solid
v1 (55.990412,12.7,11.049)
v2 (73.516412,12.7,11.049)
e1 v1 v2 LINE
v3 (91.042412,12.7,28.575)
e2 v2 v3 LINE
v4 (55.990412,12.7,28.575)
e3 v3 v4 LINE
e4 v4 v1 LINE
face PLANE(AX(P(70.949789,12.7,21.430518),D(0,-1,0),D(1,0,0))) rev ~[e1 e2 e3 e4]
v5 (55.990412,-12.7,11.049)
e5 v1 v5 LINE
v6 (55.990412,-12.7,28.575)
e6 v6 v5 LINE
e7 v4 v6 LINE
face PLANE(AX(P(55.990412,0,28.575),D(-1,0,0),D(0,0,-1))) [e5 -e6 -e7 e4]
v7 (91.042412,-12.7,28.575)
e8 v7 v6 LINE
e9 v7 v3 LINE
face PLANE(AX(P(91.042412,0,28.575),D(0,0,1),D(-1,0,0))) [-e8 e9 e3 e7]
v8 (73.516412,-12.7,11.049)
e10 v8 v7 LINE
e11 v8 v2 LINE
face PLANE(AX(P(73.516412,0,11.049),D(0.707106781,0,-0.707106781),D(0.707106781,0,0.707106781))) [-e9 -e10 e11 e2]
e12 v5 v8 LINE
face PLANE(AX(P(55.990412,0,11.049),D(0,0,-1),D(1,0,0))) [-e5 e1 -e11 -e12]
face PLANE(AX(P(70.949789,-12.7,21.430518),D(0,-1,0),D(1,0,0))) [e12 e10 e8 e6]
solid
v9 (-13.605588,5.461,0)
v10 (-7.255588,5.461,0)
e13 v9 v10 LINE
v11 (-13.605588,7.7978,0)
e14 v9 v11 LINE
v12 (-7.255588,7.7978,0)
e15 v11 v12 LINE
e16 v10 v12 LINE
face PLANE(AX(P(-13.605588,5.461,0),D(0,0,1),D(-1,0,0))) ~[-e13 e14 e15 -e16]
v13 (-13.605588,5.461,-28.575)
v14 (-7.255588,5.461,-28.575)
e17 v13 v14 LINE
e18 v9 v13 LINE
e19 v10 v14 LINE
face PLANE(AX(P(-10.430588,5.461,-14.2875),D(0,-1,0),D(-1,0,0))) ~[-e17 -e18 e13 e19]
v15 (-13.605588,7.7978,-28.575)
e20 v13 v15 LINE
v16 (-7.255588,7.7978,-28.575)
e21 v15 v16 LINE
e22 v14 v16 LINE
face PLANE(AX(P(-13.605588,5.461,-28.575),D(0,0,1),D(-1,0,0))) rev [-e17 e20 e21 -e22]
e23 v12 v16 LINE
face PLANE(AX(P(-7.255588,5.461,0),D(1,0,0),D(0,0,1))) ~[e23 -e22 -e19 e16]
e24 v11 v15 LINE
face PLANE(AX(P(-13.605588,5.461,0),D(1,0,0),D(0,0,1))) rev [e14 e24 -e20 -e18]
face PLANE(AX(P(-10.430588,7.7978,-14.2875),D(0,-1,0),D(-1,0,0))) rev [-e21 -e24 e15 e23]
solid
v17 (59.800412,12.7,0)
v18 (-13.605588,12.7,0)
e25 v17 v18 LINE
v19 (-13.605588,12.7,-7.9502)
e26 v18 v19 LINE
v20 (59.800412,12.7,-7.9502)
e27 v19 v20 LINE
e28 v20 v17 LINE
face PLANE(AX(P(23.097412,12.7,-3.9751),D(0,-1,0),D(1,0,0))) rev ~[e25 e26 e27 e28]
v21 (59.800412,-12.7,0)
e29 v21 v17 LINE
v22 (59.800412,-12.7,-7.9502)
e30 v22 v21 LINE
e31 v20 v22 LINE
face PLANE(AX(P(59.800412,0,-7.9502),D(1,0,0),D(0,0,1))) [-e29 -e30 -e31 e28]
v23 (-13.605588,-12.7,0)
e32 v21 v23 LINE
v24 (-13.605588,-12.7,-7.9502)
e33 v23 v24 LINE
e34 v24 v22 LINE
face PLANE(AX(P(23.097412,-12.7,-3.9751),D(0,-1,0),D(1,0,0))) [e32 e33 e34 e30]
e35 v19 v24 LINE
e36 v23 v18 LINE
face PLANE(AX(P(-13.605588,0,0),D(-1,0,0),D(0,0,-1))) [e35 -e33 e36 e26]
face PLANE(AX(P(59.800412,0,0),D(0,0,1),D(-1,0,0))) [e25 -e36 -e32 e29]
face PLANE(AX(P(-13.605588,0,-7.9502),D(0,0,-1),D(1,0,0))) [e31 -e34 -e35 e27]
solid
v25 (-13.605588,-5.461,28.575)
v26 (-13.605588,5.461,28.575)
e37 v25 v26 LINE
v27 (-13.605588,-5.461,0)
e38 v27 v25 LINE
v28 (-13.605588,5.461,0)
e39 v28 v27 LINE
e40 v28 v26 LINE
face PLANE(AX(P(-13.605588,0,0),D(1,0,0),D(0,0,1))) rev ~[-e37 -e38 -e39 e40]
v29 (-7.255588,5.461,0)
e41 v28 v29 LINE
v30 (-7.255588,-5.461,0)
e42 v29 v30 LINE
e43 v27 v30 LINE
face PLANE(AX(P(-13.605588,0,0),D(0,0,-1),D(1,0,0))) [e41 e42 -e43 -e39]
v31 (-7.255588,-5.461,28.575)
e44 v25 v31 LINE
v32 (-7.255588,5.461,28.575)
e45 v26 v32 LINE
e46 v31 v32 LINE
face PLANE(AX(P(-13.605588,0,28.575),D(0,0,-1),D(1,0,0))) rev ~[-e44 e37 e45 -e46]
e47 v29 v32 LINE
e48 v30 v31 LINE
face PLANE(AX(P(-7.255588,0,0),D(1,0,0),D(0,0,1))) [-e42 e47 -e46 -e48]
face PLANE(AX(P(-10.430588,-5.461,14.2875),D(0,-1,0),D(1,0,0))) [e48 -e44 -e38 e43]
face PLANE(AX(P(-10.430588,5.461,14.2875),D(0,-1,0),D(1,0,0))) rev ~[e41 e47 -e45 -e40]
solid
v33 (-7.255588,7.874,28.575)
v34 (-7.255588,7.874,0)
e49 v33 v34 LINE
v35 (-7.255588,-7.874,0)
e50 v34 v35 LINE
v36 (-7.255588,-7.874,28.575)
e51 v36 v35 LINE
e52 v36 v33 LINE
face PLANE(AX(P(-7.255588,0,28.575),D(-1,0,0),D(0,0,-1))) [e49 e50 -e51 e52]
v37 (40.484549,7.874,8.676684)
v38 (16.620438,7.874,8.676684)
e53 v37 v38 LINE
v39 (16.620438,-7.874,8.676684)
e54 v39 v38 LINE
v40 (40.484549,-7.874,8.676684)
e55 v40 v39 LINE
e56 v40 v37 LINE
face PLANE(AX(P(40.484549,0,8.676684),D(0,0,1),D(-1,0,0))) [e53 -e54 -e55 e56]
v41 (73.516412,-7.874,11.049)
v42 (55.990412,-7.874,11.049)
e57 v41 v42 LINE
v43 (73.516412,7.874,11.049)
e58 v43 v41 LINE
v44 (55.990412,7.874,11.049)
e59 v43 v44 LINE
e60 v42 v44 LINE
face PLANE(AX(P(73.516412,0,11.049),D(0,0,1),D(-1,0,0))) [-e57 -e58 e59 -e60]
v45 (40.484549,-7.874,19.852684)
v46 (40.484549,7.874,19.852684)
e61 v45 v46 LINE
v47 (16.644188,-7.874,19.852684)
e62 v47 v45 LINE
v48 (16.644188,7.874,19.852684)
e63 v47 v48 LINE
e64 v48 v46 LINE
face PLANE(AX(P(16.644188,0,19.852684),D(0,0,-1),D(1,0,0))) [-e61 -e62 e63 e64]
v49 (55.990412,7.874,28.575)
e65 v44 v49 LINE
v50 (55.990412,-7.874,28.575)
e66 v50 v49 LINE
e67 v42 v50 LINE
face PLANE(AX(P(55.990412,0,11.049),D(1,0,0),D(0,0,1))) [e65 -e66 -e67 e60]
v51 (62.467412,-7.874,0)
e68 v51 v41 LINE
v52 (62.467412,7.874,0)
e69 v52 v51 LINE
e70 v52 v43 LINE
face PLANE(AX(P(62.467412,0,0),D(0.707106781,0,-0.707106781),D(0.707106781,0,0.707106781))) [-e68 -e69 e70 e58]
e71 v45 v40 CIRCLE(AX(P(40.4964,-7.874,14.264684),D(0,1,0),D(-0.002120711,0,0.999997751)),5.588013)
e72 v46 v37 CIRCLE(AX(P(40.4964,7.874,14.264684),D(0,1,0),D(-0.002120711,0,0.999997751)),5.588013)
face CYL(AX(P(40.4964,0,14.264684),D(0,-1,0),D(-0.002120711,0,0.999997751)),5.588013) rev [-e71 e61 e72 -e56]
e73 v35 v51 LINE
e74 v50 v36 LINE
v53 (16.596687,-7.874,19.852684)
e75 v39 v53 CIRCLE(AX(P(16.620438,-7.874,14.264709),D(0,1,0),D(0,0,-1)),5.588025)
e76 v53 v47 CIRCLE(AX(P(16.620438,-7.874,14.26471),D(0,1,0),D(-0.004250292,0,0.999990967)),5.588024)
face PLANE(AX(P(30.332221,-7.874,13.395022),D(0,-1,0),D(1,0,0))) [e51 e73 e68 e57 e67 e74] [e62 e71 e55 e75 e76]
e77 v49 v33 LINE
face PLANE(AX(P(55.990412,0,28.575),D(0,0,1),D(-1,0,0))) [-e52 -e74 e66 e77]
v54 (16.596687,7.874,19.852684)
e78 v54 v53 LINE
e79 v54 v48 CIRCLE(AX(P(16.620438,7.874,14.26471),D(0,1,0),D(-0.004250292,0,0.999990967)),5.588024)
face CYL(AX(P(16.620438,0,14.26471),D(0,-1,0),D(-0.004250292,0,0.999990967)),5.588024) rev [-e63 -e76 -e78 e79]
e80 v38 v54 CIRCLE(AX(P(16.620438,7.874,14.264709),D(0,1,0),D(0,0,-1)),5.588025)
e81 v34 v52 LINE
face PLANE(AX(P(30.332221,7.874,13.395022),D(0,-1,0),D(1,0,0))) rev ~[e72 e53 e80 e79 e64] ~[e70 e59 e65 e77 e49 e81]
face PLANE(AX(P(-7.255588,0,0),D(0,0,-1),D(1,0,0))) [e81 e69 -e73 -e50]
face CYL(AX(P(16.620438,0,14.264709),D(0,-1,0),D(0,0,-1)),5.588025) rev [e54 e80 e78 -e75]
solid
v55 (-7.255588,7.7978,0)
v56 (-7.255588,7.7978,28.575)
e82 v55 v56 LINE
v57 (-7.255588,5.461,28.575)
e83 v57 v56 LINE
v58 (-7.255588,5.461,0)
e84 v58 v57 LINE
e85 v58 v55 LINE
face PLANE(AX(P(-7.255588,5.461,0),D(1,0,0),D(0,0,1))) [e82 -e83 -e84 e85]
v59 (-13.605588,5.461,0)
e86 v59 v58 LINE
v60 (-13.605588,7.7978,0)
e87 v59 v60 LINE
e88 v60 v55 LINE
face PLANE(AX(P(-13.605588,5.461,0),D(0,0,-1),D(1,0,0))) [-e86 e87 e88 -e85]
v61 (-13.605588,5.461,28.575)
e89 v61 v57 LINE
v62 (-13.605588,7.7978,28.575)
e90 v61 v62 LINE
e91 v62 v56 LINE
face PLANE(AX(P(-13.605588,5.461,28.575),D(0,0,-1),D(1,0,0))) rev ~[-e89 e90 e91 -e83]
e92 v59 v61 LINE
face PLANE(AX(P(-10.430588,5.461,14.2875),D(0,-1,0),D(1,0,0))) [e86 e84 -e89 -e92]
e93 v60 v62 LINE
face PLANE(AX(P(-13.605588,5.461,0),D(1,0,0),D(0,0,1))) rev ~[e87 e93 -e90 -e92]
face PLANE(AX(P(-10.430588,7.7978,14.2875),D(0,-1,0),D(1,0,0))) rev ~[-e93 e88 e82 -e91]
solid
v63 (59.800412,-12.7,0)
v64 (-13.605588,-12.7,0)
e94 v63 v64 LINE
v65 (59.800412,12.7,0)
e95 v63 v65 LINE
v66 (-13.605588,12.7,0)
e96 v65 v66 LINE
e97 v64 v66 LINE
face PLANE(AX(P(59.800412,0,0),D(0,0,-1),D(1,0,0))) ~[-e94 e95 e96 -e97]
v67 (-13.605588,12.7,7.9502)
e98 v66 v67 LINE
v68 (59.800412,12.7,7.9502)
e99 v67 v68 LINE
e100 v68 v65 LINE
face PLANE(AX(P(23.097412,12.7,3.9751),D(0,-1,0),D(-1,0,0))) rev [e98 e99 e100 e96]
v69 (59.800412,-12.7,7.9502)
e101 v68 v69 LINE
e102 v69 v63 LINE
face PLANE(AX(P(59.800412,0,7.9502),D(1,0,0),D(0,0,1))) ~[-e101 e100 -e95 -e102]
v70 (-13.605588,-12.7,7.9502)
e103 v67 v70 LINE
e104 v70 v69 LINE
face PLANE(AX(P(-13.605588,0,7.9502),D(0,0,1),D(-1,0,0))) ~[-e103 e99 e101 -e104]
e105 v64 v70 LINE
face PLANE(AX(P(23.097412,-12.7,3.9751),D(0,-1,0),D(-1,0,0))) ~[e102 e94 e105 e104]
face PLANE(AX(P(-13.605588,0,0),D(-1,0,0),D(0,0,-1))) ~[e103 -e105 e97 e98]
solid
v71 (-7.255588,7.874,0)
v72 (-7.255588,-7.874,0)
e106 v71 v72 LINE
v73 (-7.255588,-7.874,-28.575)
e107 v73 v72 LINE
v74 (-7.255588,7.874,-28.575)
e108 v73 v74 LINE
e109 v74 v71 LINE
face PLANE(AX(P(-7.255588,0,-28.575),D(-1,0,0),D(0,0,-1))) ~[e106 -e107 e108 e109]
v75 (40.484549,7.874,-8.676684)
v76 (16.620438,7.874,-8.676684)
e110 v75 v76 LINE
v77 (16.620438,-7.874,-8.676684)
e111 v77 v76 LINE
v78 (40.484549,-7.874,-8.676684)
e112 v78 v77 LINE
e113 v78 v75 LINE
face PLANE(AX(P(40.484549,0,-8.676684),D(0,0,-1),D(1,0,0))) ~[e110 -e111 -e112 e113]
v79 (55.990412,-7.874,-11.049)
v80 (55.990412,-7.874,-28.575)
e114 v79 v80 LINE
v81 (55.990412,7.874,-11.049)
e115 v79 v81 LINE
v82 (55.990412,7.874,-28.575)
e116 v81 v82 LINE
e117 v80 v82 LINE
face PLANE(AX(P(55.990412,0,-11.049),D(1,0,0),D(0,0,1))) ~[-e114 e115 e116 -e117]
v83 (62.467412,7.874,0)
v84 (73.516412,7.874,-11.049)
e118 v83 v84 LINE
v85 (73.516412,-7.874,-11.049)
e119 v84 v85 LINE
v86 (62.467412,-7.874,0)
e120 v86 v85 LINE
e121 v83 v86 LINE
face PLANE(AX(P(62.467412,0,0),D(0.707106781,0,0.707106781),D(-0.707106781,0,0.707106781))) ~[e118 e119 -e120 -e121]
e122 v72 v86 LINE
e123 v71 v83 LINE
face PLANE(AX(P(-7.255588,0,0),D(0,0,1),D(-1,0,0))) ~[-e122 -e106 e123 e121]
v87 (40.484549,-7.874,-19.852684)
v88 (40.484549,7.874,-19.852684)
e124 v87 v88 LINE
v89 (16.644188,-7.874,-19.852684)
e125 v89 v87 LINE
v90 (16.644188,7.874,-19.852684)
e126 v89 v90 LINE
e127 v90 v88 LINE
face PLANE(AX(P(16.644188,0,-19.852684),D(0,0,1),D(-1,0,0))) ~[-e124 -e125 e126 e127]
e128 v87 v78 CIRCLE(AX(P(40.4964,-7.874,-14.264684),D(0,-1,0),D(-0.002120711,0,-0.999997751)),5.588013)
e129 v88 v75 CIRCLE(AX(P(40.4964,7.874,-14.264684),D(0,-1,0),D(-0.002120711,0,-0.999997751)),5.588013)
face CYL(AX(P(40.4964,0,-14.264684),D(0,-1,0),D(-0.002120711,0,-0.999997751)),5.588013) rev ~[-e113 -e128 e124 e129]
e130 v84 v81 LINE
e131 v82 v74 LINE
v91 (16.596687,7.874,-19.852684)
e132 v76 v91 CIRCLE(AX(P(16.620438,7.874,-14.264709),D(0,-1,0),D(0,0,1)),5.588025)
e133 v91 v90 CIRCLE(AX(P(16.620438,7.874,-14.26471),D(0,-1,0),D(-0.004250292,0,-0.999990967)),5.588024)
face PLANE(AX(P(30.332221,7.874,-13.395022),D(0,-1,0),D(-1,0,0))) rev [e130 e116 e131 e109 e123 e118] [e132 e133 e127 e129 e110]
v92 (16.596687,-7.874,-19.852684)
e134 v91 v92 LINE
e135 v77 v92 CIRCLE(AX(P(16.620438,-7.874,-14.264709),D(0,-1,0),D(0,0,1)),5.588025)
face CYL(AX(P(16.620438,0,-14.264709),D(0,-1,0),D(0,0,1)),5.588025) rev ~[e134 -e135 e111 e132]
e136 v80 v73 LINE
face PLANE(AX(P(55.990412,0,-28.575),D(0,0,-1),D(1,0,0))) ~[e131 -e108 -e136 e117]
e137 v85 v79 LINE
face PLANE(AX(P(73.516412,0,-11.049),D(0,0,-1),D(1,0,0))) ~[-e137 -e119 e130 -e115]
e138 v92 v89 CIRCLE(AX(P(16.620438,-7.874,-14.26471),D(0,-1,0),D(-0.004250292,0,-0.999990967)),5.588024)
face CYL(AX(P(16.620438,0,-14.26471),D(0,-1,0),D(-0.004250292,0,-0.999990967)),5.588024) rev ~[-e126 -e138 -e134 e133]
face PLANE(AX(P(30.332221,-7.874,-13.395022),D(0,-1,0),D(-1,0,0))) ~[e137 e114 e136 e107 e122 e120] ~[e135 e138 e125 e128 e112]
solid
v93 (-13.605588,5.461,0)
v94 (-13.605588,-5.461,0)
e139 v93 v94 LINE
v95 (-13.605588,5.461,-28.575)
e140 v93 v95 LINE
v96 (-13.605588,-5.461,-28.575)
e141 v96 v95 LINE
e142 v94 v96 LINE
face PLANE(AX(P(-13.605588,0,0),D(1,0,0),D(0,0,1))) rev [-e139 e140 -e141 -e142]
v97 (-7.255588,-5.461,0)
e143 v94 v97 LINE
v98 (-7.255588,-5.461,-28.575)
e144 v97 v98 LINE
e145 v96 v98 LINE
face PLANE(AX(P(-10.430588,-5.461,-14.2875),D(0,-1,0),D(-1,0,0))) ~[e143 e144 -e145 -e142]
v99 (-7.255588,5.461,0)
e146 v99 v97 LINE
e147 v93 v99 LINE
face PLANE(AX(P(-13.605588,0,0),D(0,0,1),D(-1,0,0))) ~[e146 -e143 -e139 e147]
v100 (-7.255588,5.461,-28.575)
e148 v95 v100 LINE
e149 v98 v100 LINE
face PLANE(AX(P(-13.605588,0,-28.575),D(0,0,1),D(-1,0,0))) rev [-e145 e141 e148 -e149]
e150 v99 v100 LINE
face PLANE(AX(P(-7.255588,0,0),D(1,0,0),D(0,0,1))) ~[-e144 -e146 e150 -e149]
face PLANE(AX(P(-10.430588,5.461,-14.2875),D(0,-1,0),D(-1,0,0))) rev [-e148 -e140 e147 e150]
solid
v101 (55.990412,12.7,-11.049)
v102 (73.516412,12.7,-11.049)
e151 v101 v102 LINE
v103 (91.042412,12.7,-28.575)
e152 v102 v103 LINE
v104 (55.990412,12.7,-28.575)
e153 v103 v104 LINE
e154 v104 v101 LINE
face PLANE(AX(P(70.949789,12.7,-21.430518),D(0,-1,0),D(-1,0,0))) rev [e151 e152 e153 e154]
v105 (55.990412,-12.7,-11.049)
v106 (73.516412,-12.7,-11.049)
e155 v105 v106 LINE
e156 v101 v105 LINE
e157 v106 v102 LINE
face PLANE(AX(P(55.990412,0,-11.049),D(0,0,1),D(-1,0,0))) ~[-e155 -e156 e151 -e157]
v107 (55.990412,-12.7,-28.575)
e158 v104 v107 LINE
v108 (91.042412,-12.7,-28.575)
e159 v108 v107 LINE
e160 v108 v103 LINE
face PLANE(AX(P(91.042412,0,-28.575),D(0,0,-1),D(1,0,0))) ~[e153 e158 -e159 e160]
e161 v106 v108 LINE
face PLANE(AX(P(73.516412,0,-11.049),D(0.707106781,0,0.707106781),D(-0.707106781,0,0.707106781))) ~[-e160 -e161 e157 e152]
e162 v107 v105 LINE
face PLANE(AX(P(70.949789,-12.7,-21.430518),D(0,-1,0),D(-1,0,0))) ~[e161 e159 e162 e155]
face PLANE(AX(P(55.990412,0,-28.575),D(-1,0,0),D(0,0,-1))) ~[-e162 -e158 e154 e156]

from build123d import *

# Parameters (mm, degrees)
F1_DEPTH = 12.7
F2_DEPTH = 7.874
F0_W     = 6.35
F0_H     = 28.575
F3_DEPTH = 5.461
F4_DEPTH = 2.3368


with BuildPart() as f1:
    # F0 (on Front) → F1 (new body, symmetric)
    with BuildSketch(Plane.XZ):
        Polygon((-7.2555875471, 0), (-13.6055875471, 0), (-13.6055875471, -7.9502), (59.8004124529, -7.9502), (59.8004124529, 0), align=None)
    extrude(amount=F1_DEPTH, both=True)


with BuildPart() as f1b:
    # F0 (on Front) → F1, piece 2 (new body, symmetric)
    with BuildSketch(Plane.XZ):
        Polygon((91.0424124529, 28.575), (55.9904124529, 28.575), (55.9904124529, 11.049), (73.5164124529, 11.049), align=None)
    extrude(amount=F1_DEPTH, both=True)


with BuildPart() as f2:
    # F0 (on Front) → F2 (new body, symmetric)
    with BuildSketch(Plane.XZ):
        Polygon((-7.2555875471, 28.575), (-7.2555875471, 0), (59.8004124529, 0), (62.4674124529, 0), (73.5164124529, 11.049), (55.9904124529, 11.049), (55.9904124529, 28.575), align=None)
        with BuildLine():
            ThreePointArc((16.5966869565, 19.852683718), (16.6204376899, 19.852734192), (16.6441884234, 19.852683718))
            Line((16.6441884234, 19.852683718), (40.4845493284, 19.852683718))
            ThreePointArc((40.4845493284, 19.852683718), (46.0844124529, 14.264683718), (40.4845493284, 8.676683718))
            Line((40.4845493284, 8.676683718), (16.6204376899, 8.676683718))
            ThreePointArc((16.6204376899, 8.676683718), (11.0324250715, 14.2528335615), (16.5966869565, 19.852683718))
        make_face(mode=Mode.SUBTRACT)
    extrude(amount=F2_DEPTH, both=True)


with BuildPart() as f3:
    # F0 (on Front) → F3 (new body, symmetric)
    with BuildSketch(Plane.XZ):
        with Locations((-10.4305875471, 14.2875)):
            Rectangle(F0_W, F0_H)
    extrude(amount=F3_DEPTH, both=True)


with BuildPart() as f4:
    # F4 (new): a face of the model
    f4_faces = [f3.part.faces().sort_by_distance(p)[0] for p in [
        (-10.4305875471, 5.461, 14.2875),
    ]]
    extrude(f4_faces, amount=F4_DEPTH)


with BuildPart() as f5_1:
    # F5: instance of F1b
    add(f1b.part.mirror(Plane.XY))


with BuildPart() as f5_2:
    # F5: instance of F1
    add(f1.part.mirror(Plane.XY))


with BuildPart() as f5_3:
    # F5: instance of F2
    add(f2.part.mirror(Plane.XY))


with BuildPart() as f5_4:
    # F5: instance of F3
    add(f3.part.mirror(Plane.XY))


with BuildPart() as f5_5:
    # F5: instance of F4
    add(f4.part.mirror(Plane.XY))


solid = Compound([f1.part, f1b.part, f2.part, f3.part, f4.part, f5_1.part, f5_2.part, f5_3.part, f5_4.part, f5_5.part])
